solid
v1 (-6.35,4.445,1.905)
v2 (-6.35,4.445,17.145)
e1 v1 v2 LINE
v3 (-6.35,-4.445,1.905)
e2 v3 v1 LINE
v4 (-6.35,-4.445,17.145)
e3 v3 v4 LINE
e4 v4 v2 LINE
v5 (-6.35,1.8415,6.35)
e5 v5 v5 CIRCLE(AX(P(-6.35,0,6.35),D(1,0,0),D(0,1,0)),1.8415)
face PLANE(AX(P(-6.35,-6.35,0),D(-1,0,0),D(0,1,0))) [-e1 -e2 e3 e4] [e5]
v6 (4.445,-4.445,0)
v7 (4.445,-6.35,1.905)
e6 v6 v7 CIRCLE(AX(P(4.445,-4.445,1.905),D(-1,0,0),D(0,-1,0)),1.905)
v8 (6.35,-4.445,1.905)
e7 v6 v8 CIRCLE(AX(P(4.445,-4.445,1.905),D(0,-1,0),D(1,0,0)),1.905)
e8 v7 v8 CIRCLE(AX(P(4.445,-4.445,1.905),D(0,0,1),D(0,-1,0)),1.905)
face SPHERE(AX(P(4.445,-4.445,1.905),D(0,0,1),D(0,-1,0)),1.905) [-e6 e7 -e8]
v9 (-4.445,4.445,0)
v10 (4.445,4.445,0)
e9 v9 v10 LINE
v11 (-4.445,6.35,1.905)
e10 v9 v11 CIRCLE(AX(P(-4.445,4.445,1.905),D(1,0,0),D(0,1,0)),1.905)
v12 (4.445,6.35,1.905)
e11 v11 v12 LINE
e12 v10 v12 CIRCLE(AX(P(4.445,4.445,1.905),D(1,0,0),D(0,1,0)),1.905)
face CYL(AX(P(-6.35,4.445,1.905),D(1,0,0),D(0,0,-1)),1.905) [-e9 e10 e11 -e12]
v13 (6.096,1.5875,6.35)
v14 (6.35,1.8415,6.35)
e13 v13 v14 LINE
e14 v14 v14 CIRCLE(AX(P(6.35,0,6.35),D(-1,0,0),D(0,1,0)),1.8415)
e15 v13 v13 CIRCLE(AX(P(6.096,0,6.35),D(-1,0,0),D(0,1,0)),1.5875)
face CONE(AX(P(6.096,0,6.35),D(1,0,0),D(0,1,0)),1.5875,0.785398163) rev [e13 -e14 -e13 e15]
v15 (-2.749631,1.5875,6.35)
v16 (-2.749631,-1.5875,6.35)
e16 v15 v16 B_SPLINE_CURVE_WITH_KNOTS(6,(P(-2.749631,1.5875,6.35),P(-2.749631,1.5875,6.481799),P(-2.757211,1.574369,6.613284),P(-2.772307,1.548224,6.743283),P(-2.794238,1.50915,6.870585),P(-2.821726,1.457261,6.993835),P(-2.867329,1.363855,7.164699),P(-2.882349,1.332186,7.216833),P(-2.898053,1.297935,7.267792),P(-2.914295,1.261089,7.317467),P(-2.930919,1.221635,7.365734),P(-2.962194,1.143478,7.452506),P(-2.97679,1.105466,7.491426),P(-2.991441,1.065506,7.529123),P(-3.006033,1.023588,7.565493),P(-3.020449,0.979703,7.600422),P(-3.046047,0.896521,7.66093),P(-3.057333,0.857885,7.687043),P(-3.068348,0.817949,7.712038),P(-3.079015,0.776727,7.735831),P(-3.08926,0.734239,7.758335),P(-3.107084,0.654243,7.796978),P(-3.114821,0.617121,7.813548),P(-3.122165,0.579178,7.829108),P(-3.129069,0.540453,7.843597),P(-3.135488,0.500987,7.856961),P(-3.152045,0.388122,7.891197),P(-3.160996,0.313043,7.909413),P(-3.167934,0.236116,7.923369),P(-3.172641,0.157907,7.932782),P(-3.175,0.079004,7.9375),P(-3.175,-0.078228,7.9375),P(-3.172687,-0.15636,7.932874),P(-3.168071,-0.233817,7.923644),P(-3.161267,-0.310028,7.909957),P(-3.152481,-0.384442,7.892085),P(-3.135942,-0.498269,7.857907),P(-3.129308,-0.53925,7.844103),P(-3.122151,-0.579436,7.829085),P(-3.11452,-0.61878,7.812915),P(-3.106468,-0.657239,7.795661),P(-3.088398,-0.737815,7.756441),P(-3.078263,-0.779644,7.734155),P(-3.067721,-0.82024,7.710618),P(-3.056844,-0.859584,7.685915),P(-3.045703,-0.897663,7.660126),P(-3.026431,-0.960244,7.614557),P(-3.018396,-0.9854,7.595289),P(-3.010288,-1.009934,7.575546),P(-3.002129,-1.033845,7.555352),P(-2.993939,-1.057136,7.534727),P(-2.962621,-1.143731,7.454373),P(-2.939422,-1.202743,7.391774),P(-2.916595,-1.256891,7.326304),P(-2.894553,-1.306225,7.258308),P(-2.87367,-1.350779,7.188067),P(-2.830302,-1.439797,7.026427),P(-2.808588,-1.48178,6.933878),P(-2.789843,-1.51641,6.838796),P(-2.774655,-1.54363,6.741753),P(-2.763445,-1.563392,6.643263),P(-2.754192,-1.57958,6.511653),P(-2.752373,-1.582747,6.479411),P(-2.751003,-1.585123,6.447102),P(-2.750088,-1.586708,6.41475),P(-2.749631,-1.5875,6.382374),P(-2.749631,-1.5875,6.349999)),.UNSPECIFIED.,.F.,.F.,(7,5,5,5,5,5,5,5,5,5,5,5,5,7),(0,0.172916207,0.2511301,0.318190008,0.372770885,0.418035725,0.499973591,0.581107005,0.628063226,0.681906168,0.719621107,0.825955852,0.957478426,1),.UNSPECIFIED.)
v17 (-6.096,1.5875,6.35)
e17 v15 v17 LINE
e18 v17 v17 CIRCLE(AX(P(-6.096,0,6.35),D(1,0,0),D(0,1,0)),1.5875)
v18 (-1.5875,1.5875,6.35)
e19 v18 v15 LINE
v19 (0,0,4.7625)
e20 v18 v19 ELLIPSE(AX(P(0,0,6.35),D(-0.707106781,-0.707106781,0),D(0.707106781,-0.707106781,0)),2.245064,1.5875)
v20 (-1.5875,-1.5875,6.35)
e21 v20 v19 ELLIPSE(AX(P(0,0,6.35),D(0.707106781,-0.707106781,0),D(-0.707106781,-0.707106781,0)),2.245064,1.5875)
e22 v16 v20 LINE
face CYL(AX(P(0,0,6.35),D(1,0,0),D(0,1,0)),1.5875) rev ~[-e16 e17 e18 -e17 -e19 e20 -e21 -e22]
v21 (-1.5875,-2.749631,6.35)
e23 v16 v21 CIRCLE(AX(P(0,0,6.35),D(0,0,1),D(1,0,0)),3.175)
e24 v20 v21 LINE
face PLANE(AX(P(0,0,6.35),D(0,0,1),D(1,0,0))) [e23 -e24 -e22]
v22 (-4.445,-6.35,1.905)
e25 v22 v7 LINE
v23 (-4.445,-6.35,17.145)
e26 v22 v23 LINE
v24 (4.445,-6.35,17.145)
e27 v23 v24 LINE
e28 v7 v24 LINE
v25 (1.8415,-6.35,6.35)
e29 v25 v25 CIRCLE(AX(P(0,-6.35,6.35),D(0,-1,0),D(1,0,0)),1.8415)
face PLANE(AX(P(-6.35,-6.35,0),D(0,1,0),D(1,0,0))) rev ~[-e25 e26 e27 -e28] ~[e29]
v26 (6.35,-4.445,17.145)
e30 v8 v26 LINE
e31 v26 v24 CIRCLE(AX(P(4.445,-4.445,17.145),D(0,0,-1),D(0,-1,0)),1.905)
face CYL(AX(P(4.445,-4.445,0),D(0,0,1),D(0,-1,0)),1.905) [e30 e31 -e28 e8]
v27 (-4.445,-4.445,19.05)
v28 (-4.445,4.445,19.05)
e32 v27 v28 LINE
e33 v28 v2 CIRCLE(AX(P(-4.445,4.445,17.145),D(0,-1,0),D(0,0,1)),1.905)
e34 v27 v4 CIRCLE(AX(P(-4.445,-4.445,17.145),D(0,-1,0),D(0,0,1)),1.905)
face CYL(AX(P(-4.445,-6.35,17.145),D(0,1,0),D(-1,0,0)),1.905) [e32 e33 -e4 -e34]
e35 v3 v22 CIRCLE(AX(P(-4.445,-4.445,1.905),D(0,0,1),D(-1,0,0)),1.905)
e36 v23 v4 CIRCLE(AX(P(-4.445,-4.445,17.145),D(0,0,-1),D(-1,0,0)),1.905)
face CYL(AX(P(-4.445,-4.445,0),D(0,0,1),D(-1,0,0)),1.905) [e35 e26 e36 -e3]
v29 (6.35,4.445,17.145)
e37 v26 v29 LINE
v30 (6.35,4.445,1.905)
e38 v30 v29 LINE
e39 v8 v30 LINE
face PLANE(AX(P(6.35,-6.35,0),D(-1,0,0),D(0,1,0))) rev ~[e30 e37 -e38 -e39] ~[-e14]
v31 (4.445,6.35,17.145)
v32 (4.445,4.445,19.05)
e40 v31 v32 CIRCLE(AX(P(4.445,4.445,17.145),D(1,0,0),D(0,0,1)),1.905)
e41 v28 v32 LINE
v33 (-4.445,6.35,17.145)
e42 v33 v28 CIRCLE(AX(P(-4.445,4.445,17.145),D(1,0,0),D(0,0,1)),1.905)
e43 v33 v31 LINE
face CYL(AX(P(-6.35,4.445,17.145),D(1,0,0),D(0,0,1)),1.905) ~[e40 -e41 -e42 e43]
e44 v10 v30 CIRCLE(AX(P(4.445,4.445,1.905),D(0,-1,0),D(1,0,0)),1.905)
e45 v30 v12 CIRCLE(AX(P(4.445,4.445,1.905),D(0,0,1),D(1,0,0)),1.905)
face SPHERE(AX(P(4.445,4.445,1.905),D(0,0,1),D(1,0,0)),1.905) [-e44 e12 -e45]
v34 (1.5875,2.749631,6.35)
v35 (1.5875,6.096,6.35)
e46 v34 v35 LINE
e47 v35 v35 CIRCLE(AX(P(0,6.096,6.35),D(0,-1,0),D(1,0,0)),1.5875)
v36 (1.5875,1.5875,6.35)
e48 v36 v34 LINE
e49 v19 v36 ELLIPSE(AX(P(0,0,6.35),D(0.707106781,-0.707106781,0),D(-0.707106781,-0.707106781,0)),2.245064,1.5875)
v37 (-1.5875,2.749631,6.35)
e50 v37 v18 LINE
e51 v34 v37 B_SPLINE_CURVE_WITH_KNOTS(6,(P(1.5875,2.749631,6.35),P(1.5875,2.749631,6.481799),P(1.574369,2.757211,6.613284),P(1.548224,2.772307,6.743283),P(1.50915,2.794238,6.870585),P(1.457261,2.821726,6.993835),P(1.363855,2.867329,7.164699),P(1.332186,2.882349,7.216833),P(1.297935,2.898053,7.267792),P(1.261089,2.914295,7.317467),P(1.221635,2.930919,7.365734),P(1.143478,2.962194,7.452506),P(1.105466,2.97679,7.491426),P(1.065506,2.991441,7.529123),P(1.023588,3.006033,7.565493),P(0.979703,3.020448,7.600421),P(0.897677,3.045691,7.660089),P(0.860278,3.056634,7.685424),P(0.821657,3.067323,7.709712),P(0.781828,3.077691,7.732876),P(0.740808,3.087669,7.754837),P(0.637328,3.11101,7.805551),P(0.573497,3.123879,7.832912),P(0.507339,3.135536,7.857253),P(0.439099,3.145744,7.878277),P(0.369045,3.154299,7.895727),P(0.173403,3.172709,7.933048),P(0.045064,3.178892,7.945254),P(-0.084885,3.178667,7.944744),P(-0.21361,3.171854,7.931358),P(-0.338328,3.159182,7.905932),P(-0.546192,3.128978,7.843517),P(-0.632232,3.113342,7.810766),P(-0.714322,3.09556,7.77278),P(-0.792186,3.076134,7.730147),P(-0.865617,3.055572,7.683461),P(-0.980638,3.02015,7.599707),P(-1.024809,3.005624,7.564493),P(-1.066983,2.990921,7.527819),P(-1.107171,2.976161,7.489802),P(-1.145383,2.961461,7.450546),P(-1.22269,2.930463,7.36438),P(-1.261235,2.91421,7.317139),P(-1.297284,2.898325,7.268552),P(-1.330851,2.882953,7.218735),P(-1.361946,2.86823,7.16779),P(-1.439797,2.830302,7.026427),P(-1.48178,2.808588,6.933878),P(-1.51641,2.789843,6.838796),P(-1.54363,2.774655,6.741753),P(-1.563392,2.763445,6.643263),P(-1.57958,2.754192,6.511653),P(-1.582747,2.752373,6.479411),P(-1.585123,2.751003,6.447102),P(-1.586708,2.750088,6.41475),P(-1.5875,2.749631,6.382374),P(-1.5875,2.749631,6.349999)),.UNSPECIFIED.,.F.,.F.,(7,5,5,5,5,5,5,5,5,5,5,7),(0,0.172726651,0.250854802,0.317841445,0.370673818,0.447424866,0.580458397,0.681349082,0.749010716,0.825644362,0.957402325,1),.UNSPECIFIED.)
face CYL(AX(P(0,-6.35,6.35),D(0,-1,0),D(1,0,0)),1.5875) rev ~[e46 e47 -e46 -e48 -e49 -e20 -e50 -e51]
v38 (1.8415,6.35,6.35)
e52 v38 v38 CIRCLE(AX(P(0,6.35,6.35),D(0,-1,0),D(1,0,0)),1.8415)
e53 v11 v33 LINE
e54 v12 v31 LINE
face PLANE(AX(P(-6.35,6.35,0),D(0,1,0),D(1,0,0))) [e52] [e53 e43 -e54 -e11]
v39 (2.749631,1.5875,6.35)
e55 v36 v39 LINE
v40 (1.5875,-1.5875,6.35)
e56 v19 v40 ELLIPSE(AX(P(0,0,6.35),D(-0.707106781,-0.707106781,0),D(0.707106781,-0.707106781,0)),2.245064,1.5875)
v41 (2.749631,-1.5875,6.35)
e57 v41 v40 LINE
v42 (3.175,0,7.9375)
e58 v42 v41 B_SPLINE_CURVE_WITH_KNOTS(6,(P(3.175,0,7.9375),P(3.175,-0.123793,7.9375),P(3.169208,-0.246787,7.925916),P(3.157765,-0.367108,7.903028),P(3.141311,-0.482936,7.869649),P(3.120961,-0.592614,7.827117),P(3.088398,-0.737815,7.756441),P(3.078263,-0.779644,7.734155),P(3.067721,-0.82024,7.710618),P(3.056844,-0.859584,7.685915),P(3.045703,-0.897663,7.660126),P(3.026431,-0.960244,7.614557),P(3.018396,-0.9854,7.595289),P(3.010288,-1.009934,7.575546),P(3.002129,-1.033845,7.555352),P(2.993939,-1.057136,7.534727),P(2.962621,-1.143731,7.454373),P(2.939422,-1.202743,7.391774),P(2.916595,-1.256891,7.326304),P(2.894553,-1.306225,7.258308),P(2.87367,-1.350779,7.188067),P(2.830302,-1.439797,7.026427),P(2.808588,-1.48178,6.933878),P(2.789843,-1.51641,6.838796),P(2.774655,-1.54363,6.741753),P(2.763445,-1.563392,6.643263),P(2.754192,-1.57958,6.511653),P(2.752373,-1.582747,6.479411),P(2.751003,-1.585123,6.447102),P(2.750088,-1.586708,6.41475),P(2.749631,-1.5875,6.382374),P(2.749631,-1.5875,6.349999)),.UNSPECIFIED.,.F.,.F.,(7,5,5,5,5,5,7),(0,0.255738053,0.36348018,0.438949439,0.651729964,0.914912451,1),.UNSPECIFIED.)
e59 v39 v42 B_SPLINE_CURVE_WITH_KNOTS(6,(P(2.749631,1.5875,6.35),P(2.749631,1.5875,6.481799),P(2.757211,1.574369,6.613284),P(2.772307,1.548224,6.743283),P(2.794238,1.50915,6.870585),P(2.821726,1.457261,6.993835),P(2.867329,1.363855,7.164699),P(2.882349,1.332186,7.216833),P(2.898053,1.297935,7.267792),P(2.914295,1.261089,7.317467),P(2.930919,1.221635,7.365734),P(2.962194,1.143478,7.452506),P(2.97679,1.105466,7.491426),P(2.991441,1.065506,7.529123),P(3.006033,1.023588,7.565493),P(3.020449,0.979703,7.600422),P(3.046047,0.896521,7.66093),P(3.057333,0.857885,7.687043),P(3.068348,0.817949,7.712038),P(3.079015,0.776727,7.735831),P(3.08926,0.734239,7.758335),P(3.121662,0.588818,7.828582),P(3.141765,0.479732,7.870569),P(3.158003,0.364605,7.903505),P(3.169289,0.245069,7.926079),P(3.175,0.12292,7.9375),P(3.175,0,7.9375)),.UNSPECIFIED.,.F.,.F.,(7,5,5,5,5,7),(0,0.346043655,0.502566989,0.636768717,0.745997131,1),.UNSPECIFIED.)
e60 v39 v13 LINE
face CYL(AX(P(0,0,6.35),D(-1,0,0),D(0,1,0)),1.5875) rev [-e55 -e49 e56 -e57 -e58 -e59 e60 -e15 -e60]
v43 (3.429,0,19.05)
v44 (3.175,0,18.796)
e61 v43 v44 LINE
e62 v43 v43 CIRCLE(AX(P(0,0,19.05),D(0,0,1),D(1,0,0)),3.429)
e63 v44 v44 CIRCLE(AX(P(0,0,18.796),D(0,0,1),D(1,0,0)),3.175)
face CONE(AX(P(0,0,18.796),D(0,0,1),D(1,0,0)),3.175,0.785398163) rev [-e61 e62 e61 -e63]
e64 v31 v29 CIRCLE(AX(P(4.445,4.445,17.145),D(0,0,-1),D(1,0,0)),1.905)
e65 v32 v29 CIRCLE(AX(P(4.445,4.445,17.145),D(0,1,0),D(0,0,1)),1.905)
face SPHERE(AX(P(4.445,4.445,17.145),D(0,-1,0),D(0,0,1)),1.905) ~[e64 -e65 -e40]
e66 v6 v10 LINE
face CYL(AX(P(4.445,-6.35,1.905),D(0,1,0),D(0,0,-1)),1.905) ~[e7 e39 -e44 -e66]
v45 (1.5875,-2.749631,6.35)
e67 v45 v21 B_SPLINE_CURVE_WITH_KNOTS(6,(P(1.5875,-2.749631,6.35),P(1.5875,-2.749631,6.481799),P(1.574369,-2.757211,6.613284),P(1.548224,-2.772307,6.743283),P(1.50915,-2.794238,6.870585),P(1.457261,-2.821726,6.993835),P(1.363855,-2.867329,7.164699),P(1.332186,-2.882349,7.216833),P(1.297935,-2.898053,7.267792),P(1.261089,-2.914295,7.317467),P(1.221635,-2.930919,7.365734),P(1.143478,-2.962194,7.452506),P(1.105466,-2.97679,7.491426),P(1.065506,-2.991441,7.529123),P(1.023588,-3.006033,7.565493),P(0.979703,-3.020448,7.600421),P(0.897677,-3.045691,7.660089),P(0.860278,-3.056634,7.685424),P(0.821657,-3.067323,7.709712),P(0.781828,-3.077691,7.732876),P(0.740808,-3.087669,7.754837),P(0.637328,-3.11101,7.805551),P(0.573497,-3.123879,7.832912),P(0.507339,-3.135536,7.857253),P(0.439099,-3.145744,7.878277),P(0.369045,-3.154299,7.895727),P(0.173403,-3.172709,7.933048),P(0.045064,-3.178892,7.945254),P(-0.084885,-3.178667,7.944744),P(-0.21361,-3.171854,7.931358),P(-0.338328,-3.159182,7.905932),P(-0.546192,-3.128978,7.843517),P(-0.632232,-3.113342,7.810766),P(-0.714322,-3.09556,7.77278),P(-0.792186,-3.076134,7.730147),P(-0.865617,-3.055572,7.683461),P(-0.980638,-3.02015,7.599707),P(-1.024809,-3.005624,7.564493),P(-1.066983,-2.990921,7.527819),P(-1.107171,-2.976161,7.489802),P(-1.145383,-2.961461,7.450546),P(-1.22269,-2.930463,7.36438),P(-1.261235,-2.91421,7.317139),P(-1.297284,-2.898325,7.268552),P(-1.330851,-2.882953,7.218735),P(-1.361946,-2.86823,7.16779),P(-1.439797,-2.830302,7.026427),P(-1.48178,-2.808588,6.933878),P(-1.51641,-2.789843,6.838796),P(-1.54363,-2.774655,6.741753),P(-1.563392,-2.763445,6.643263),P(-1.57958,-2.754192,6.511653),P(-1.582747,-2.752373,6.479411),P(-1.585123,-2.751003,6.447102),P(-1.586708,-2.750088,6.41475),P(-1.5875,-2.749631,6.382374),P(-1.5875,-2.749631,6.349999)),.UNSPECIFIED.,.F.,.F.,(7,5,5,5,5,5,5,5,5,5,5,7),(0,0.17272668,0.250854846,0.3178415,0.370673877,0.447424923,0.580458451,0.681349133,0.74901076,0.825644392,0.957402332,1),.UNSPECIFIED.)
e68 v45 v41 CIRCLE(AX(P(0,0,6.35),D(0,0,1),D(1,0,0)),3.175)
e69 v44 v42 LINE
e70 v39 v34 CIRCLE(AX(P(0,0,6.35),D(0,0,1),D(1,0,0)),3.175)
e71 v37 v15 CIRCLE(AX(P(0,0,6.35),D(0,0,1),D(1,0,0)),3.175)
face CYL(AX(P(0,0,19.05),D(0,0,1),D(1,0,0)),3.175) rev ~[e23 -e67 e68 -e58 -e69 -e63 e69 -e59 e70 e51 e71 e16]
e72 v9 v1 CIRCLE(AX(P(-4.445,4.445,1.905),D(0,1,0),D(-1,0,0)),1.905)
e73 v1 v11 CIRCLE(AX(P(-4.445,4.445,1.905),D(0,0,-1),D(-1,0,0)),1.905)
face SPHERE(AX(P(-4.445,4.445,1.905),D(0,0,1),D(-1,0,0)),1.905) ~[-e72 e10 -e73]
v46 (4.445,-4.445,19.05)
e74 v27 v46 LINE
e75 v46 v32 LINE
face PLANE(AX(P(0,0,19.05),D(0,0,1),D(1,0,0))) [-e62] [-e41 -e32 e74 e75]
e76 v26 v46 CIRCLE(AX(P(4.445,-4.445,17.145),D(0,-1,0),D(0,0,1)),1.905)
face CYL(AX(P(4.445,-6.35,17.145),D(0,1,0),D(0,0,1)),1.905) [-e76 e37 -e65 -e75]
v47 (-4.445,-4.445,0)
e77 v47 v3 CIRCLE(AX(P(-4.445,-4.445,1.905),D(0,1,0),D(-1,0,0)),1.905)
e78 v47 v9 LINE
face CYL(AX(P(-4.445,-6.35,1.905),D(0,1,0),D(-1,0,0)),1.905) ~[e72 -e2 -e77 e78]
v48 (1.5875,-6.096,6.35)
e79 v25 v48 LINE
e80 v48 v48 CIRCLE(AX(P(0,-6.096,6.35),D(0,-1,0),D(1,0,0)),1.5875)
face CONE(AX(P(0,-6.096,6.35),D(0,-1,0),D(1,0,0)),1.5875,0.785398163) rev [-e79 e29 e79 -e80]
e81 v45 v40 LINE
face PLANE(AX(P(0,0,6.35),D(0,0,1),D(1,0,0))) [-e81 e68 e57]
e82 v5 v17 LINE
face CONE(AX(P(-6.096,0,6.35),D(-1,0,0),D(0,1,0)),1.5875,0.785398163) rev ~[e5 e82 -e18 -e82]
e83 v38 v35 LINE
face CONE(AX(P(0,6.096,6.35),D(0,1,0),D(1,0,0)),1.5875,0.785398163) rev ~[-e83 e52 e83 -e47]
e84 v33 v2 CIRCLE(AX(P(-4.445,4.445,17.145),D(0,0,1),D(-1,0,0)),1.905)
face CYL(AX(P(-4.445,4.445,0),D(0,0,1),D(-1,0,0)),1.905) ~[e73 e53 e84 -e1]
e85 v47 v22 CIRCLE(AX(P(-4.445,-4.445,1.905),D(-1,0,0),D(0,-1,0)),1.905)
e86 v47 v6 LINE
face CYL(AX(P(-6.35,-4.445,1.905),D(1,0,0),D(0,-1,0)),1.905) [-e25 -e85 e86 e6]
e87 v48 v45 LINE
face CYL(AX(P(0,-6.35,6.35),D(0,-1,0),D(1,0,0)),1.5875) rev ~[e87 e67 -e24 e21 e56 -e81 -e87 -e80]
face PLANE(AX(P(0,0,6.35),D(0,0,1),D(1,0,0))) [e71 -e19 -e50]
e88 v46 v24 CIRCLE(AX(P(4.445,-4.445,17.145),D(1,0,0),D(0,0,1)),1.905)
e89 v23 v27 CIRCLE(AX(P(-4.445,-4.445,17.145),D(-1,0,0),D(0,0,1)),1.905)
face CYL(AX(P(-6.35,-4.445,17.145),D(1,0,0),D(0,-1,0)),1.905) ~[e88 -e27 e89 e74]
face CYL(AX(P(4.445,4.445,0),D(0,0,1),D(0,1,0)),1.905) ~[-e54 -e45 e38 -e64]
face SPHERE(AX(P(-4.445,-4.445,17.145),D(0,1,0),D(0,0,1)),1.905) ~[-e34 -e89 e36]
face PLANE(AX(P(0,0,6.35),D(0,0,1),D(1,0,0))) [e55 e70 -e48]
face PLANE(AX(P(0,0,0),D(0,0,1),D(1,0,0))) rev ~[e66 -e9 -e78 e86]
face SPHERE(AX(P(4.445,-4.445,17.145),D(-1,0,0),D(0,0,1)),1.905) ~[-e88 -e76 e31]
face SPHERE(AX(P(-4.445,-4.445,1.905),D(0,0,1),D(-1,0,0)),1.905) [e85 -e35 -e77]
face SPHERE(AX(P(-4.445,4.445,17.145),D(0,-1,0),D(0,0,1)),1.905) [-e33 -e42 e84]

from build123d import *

# Parameters (mm, degrees)
F0_W          = 12.7
F0_H          = 12.7
F1_DEPTH      = 19.05
F2_R          = 1.5875
F3_DEPTH      = 25.4
F4_R          = 1.5875
F5_DEPTH      = 6.351
F5_DEPTH_BACK = 6.351
F6_R          = 3.175
F7_DEPTH      = 12.7
F8_R          = 1.905
F9_SIZE       = 0.254


with BuildPart() as f1:
    # F0 (on Top) → F1 (new body)
    with BuildSketch(Plane.XY):
        Rectangle(F0_W, F0_H)
    extrude(amount=F1_DEPTH)

    # F2 (on face) → F3 (cut)
    with BuildSketch(Plane.XZ.offset(6.35)):
        with Locations((0, 6.35)):
            Circle(F2_R)
    extrude(amount=-F3_DEPTH, mode=Mode.SUBTRACT)

    # F4 (on Right) → F5 (cut, two sides)
    with BuildSketch(Plane.YZ) as f5_sk:
        with Locations((0, 6.35)):
            Circle(F4_R)
    extrude(amount=-F5_DEPTH, mode=Mode.SUBTRACT)
    extrude(f5_sk.sketch, amount=F5_DEPTH_BACK, mode=Mode.SUBTRACT)

    # F6 (on face) → F7 (cut)
    with BuildSketch(Plane.XY.offset(19.05)):
        Circle(F6_R)
    extrude(amount=-F7_DEPTH, mode=Mode.SUBTRACT)

    # F8
    f8_edges = [f1.edges().sort_by_distance(p)[0] for p in [
        (-6.35, 0, 19.05),
        (0, -6.35, 19.05),
        (6.35, 0, 19.05),
        (0, 6.35, 19.05),
        (6.35, -6.35, 9.525),
        (6.35, 6.35, 9.525),
        (-6.35, -6.35, 9.525),
        (-6.35, 6.35, 9.525),
        (-6.35, 0, 0),
        (0, -6.35, 0),
        (6.35, 0, 0),
        (0, 6.35, 0),
    ]]
    fillet(f8_edges, radius=F8_R)

    # F9
    f9_edges = [f1.edges().sort_by_distance(p)[0] for p in [
        (6.35, -1.5875, 6.35),
        (-3.175, 0, 19.05),
        (-1.5875, 6.35, 6.35),
        (-6.35, -1.5875, 6.35),
        (-1.5875, -6.35, 6.35),
    ]]
    chamfer(f9_edges, length=F9_SIZE)


solid = f1.part
